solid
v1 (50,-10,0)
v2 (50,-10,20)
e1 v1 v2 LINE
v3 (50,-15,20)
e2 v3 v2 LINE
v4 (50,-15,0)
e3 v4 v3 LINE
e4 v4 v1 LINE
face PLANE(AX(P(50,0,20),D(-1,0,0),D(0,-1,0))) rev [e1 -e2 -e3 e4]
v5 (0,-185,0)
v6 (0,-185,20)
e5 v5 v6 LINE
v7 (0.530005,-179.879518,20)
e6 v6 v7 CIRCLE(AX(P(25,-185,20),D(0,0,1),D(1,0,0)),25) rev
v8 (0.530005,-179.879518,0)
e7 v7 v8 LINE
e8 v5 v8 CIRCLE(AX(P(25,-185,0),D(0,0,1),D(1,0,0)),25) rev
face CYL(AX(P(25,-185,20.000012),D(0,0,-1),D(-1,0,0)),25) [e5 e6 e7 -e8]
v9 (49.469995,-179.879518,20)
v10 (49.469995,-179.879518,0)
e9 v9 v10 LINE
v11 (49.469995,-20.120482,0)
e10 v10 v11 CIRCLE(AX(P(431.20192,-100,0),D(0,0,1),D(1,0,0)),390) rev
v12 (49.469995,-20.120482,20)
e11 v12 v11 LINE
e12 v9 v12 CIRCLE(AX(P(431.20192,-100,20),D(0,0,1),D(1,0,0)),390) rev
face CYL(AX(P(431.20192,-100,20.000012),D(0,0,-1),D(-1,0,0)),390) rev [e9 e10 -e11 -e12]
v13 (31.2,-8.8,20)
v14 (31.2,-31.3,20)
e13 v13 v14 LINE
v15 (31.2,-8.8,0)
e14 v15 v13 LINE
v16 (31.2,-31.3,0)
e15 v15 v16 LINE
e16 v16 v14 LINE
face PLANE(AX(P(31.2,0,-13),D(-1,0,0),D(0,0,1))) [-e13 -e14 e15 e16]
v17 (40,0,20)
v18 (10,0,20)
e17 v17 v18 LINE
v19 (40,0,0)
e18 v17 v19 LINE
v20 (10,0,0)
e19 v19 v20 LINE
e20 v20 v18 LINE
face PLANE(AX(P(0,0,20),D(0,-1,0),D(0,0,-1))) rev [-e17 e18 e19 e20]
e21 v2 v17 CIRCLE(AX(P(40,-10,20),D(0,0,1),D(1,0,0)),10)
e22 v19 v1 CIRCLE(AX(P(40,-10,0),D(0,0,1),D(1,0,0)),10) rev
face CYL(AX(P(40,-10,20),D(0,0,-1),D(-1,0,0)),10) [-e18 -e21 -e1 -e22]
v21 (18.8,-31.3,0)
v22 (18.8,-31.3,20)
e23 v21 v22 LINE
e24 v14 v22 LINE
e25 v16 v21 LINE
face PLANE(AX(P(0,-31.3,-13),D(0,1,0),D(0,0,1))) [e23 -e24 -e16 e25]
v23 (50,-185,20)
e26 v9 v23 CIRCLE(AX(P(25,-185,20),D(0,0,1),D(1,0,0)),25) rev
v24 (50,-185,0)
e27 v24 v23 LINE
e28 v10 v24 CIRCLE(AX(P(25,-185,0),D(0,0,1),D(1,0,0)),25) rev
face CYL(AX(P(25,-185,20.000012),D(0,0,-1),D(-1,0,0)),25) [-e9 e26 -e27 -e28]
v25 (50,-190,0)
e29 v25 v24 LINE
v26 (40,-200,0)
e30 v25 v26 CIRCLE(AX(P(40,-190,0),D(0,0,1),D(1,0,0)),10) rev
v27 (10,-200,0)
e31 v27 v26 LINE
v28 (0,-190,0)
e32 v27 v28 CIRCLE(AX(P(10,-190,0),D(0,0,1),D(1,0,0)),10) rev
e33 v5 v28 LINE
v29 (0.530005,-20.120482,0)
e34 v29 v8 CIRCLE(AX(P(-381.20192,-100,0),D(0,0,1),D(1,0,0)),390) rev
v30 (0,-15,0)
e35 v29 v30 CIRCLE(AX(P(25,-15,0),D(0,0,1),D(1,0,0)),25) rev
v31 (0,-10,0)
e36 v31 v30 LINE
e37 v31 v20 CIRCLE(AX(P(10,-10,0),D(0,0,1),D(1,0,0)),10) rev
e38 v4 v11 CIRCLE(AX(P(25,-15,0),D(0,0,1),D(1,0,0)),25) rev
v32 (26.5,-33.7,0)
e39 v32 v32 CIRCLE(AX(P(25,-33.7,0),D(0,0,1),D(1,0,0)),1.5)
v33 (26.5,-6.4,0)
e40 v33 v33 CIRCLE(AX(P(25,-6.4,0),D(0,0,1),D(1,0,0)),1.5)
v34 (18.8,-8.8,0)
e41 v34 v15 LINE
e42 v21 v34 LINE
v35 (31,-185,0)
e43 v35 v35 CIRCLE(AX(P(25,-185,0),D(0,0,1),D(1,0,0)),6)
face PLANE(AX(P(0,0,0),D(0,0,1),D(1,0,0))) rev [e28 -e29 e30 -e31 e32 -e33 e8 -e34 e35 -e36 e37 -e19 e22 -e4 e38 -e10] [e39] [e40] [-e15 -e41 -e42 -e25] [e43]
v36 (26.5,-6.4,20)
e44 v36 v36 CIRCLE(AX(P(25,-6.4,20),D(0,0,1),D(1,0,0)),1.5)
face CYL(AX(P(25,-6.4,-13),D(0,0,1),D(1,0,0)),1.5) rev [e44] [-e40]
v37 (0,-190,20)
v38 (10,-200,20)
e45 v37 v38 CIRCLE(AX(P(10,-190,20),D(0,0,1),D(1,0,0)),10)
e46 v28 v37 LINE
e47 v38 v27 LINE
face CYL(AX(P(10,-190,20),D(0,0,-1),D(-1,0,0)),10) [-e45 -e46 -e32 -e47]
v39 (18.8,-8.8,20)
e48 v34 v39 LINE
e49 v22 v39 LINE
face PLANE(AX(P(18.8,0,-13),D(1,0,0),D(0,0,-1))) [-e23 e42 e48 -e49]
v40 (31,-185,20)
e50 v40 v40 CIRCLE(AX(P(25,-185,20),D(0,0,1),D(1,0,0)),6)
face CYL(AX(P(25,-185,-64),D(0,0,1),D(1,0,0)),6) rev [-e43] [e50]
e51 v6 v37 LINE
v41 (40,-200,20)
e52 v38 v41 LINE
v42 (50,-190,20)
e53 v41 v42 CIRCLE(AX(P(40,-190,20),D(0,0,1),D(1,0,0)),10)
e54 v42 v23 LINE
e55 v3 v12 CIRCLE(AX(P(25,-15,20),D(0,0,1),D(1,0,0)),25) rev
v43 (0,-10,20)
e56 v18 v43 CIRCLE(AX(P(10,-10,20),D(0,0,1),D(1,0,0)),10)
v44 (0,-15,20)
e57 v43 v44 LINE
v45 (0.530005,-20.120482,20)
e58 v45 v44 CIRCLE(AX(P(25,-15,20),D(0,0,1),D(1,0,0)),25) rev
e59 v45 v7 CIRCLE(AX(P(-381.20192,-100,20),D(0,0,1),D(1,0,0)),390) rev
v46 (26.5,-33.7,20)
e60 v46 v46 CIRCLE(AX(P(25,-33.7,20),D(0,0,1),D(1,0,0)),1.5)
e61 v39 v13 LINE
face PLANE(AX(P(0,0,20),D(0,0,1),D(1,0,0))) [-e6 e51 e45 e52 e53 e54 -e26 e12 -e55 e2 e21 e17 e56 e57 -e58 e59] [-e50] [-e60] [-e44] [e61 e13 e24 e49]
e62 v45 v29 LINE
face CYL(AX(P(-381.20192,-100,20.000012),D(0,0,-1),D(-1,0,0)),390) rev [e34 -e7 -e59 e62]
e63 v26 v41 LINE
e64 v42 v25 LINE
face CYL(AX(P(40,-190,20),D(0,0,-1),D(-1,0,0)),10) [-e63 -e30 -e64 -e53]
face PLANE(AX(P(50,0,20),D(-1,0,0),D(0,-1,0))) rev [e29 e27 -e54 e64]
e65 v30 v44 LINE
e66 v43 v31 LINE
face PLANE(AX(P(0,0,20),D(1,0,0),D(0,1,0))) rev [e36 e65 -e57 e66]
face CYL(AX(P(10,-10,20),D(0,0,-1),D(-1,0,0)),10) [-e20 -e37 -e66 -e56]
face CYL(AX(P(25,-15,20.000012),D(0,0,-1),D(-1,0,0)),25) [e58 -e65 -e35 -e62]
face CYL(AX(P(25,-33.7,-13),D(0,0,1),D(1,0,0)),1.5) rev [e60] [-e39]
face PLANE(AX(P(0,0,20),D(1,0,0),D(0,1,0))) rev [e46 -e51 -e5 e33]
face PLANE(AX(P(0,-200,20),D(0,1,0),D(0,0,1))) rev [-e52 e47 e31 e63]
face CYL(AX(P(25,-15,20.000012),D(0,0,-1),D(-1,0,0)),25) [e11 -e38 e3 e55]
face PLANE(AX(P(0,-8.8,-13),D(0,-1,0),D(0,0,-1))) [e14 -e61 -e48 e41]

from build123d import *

# Parameters (mm, degrees)
SKETCH1_W               = 50
SKETCH1_H               = 200
BOSS_EXTRUDE1_DEPTH     = 20
SKETCH2_R               = 6
CUT_EXTRUDE1_DEPTH      = 84
FILLET1_R               = 10
SKETCH4_R               = 6
SKETCH4_R_2             = 1.5
CUT_EXTRUDE2_DEPTH      = 33
CUT_EXTRUDE3_DEPTH      = 1
CUT_EXTRUDE3_DEPTH_BACK = 53


with BuildPart() as part:
    # Sketch1 → Boss-Extrude1 (new body)
    with BuildSketch(Plane.XY):
        with Locations((25, -100)):
            Rectangle(SKETCH1_W, SKETCH1_H)
    extrude(amount=BOSS_EXTRUDE1_DEPTH)

    # Sketch2 → Cut-Extrude1 (cut)
    with BuildSketch(Plane.XY.offset(20)):
        with Locations((25, -185)):
            Circle(SKETCH2_R)
        with Locations((25, -15)):
            Circle(SKETCH2_R)
    extrude(amount=-CUT_EXTRUDE1_DEPTH, mode=Mode.SUBTRACT)

    # Fillet1
    fillet1_edges = [part.edges().sort_by_distance(p)[0] for p in [
        (0, 0, 10),
        (50, 0, 10),
        (50, -200, 10),
        (0, -200, 10),
    ]]
    fillet(fillet1_edges, radius=FILLET1_R)

    # Sketch4 → Cut-Extrude2 (cut)
    with BuildSketch(Plane.XY.offset(20)):
        Polygon((31.2, -8.8), (25, -8.8), (18.8, -8.8), (18.8, -31.3), (25, -31.3), (31.2, -31.3), align=None)
        with Locations((25, -15)):
            Circle(SKETCH4_R, mode=Mode.SUBTRACT)
        with Locations((25, -33.7)):
            Circle(SKETCH4_R_2)
        with Locations((25, -6.4)):
            Circle(SKETCH4_R_2)
    extrude(amount=-CUT_EXTRUDE2_DEPTH, mode=Mode.SUBTRACT)

    # Sketch5 → Cut-Extrude3 (cut, two sides)
    with BuildSketch(Plane.XY.offset(20)) as cut_extrude3_sk:
        with BuildLine():
            ThreePointArc((49.469995195, -179.879518072), (49.867145794, -182.426080796), (50, -185))
            Line((50, -185), (50, -15))
            ThreePointArc((50, -15), (49.867145794, -17.573919204), (49.469995195, -20.120481928))
            ThreePointArc((49.469995195, -20.120481928), (41.201920232, -100), (49.469995195, -179.879518072))
        make_face()
        with BuildLine():
            ThreePointArc((0.530004805, -20.120481928), (0.132854206, -17.573919204), (0, -15))
            Line((0, -15), (0, -185))
            ThreePointArc((0, -185), (0.132854206, -182.426080796), (0.530004805, -179.879518072))
            ThreePointArc((0.530004805, -179.879518072), (8.798079768, -100), (0.530004805, -20.120481928))
        make_face()
    extrude(amount=CUT_EXTRUDE3_DEPTH, mode=Mode.SUBTRACT)
    extrude(cut_extrude3_sk.sketch, amount=-CUT_EXTRUDE3_DEPTH_BACK, mode=Mode.SUBTRACT)


solid = part.part
